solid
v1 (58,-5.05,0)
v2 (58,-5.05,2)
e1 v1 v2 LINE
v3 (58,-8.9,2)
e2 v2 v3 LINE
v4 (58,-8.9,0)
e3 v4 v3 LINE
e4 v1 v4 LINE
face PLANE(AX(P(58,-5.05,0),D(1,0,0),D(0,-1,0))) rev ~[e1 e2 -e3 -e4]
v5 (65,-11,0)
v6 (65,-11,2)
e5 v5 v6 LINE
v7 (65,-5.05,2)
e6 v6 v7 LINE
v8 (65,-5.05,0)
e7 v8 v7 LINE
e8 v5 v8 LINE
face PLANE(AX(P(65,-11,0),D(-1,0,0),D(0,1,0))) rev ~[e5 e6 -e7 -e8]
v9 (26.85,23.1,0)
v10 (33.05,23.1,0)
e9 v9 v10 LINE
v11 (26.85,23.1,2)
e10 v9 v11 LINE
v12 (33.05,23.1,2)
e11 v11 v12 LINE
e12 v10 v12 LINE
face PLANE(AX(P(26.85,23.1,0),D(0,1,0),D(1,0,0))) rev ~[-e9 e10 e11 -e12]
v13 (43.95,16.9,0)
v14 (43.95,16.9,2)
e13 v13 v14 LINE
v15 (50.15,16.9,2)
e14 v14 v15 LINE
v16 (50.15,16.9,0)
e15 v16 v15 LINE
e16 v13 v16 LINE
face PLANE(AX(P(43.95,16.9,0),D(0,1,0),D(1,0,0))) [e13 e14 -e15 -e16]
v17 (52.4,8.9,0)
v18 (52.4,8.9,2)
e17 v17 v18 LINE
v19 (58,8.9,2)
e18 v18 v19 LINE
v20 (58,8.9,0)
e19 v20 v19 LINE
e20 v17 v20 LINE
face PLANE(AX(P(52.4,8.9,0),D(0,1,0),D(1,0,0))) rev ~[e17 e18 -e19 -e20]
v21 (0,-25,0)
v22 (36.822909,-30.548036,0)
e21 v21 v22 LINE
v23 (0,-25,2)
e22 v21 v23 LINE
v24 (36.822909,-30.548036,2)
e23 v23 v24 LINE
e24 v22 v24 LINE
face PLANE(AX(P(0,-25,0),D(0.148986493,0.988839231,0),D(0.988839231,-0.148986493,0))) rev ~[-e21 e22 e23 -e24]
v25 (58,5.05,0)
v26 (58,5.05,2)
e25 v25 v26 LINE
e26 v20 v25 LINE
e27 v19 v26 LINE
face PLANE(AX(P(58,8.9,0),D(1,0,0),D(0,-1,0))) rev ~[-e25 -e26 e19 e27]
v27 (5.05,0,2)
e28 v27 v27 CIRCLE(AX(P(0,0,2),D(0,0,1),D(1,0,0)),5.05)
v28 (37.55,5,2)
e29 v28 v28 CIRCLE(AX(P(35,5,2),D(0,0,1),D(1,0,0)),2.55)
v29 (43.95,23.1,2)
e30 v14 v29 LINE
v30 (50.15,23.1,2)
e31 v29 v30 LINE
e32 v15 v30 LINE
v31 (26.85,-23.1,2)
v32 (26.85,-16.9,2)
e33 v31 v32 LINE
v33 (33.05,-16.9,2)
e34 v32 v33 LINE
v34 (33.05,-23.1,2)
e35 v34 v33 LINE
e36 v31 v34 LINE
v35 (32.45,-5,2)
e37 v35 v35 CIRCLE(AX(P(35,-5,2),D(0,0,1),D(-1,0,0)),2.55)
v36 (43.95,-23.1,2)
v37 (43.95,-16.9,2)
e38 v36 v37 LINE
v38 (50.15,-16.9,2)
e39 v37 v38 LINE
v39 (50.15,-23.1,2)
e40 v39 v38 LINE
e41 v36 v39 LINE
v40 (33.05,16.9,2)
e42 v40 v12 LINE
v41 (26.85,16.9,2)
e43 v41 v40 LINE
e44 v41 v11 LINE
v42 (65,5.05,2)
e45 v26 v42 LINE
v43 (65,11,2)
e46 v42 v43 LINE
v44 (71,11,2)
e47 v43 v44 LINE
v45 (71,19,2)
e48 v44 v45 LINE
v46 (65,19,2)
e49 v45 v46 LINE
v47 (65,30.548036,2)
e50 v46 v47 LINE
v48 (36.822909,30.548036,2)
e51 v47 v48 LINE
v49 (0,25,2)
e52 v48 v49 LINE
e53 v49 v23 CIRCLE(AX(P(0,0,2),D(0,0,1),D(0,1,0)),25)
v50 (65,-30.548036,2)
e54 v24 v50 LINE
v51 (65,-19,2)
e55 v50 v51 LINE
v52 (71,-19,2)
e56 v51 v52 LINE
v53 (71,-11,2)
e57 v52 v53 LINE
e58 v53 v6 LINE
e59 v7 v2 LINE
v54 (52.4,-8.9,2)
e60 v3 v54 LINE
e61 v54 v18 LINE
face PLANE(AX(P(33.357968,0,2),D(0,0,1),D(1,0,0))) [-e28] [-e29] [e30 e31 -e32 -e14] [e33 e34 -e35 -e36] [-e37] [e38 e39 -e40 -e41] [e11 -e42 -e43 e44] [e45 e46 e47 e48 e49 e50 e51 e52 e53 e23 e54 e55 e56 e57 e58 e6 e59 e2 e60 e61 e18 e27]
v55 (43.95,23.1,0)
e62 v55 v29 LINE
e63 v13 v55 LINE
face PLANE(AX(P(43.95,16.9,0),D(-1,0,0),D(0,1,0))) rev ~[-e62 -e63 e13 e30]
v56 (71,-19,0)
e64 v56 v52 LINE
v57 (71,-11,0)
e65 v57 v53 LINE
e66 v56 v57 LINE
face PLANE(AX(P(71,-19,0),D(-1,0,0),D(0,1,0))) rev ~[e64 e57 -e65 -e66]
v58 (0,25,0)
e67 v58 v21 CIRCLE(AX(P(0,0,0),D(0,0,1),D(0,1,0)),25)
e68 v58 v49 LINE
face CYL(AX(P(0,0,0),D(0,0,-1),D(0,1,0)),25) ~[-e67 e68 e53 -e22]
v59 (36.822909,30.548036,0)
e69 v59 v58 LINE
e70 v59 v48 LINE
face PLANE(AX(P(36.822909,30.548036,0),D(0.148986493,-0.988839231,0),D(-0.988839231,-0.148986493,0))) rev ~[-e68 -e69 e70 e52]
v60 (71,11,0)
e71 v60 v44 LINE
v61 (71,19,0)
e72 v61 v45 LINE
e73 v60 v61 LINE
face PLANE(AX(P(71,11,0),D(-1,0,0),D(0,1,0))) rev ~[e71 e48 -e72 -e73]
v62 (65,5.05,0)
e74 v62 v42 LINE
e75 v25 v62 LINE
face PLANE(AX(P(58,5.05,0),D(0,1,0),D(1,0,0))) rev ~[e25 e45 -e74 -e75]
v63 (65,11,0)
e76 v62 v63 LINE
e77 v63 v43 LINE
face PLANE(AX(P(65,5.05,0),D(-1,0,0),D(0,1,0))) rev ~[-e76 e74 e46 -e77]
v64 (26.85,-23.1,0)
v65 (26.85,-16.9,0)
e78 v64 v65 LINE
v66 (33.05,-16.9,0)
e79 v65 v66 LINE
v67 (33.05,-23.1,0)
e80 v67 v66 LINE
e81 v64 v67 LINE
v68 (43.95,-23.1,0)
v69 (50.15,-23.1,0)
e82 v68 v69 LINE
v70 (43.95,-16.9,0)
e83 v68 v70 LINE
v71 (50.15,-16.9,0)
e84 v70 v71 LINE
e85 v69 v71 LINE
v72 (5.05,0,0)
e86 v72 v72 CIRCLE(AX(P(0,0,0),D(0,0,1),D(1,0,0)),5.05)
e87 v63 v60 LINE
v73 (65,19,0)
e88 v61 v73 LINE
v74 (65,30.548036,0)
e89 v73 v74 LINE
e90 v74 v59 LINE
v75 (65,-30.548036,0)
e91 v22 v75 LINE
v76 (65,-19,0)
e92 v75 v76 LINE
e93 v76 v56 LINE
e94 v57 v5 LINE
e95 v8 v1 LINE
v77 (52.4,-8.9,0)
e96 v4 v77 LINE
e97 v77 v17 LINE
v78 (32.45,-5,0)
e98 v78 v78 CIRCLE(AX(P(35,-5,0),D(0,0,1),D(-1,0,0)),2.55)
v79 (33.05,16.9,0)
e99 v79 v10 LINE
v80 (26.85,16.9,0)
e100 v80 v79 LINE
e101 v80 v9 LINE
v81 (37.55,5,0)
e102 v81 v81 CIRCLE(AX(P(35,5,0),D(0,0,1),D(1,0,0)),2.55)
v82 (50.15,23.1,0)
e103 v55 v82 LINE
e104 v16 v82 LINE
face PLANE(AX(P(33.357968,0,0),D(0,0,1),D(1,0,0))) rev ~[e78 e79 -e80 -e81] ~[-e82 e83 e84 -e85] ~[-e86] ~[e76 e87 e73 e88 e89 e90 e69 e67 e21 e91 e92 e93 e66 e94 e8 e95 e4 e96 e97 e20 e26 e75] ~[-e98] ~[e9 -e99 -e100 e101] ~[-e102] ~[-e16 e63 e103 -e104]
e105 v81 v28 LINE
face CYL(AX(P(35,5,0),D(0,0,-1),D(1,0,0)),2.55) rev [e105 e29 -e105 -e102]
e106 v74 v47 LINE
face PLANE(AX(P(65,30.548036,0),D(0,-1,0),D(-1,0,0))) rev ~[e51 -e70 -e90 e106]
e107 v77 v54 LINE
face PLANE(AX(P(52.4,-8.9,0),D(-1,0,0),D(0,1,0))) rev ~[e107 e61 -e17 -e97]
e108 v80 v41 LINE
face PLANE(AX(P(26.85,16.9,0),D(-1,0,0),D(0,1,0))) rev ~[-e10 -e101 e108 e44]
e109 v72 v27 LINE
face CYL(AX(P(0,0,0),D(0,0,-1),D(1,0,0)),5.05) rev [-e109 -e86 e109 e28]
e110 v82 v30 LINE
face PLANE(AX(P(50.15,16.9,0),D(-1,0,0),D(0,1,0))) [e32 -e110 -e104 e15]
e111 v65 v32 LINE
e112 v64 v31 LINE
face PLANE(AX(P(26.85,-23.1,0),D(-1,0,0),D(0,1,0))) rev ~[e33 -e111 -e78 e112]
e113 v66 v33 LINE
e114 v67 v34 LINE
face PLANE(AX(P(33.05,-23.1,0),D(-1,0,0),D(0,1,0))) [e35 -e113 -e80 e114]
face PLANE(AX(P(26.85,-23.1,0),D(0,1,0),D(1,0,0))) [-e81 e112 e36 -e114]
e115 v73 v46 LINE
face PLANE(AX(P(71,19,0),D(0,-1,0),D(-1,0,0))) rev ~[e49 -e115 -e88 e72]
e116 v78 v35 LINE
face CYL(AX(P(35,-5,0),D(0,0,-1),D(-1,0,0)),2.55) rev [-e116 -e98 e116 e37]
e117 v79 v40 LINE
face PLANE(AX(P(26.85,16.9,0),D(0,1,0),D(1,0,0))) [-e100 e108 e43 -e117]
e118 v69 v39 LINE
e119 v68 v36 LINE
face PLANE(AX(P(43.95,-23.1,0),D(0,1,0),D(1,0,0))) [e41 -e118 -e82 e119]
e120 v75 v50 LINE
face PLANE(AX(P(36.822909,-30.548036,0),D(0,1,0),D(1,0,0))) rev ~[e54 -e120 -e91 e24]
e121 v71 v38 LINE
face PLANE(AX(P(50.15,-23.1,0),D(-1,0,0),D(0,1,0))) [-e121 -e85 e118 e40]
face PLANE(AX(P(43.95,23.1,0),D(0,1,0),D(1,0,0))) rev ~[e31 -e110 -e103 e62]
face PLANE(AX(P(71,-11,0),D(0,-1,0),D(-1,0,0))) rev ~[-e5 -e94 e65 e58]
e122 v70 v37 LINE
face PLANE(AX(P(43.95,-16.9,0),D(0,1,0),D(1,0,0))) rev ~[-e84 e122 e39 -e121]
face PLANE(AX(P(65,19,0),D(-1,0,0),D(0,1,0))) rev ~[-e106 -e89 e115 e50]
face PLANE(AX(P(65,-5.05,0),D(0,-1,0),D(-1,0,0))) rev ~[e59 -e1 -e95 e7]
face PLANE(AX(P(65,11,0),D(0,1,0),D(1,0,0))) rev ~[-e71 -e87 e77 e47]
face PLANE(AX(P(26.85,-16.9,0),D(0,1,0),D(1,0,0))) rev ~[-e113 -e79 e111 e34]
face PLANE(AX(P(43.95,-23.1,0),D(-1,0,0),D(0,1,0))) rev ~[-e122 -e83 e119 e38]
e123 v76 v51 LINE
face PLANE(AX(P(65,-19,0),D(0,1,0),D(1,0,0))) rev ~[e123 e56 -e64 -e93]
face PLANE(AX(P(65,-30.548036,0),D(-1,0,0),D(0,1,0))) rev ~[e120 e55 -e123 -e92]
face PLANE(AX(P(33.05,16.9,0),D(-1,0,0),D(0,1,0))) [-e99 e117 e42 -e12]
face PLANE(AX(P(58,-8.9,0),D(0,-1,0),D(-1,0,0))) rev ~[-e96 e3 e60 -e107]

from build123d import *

# Parameters (mm, degrees)
SKETCH_1_R      = 5.05
SKETCH_1_R_2    = 2.55
SKETCH_1_W      = 6.2
SKETCH_1_H      = 6.2
EXTRUDE_1_DEPTH = 2


with BuildPart() as part:
    # 草图1 → 凸台-拉伸1 (new body)
    with BuildSketch(Plane.XY):
        with BuildLine():
            Line((0, -25), (36.822908512, -30.548036369))
            Line((36.822908512, -30.548036369), (65, -30.548036369))
            Line((65, -30.548036369), (65, -19))
            Line((65, -19), (71, -19))
            Line((71, -19), (71, -11))
            Line((71, -11), (65, -11))
            Line((65, -11), (65, -5.05))
            Line((65, -5.05), (58, -5.05))
            Line((58, -5.05), (58, -8.9))
            Line((58, -8.9), (52.4, -8.9))
            Line((52.4, -8.9), (52.4, -5.15))
            Line((52.4, -5.15), (52.4, 5.15))
            Line((52.4, 5.15), (52.4, 8.9))
            Line((52.4, 8.9), (58, 8.9))
            Line((58, 8.9), (58, 5.05))
            Line((58, 5.05), (65, 5.05))
            Line((65, 5.05), (65, 11))
            Line((65, 11), (71, 11))
            Line((71, 11), (71, 19))
            Line((71, 19), (65, 19))
            Line((65, 19), (65, 30.548036369))
            Line((65, 30.548036369), (36.822908512, 30.548036369))
            Line((36.822908512, 30.548036369), (0, 25))
            ThreePointArc((0, 25), (-25, 0), (0, -25))
        make_face()
        Circle(SKETCH_1_R, mode=Mode.SUBTRACT)
        with Locations((35, 5)):
            Circle(SKETCH_1_R_2, mode=Mode.SUBTRACT)
        with Locations(Location((35, -5, 0), (0, 0, 180))):
            Circle(SKETCH_1_R_2, mode=Mode.SUBTRACT)
        with Locations((47.05, -20)):
            Rectangle(SKETCH_1_W, SKETCH_1_H, mode=Mode.SUBTRACT)
        with Locations((29.95, -20)):
            Rectangle(SKETCH_1_W, SKETCH_1_H, mode=Mode.SUBTRACT)
        with Locations((29.95, 20)):
            Rectangle(SKETCH_1_W, SKETCH_1_H, mode=Mode.SUBTRACT)
        with Locations((47.05, 20)):
            Rectangle(SKETCH_1_W, SKETCH_1_H, mode=Mode.SUBTRACT)
    extrude(amount=EXTRUDE_1_DEPTH)


solid = part.part
